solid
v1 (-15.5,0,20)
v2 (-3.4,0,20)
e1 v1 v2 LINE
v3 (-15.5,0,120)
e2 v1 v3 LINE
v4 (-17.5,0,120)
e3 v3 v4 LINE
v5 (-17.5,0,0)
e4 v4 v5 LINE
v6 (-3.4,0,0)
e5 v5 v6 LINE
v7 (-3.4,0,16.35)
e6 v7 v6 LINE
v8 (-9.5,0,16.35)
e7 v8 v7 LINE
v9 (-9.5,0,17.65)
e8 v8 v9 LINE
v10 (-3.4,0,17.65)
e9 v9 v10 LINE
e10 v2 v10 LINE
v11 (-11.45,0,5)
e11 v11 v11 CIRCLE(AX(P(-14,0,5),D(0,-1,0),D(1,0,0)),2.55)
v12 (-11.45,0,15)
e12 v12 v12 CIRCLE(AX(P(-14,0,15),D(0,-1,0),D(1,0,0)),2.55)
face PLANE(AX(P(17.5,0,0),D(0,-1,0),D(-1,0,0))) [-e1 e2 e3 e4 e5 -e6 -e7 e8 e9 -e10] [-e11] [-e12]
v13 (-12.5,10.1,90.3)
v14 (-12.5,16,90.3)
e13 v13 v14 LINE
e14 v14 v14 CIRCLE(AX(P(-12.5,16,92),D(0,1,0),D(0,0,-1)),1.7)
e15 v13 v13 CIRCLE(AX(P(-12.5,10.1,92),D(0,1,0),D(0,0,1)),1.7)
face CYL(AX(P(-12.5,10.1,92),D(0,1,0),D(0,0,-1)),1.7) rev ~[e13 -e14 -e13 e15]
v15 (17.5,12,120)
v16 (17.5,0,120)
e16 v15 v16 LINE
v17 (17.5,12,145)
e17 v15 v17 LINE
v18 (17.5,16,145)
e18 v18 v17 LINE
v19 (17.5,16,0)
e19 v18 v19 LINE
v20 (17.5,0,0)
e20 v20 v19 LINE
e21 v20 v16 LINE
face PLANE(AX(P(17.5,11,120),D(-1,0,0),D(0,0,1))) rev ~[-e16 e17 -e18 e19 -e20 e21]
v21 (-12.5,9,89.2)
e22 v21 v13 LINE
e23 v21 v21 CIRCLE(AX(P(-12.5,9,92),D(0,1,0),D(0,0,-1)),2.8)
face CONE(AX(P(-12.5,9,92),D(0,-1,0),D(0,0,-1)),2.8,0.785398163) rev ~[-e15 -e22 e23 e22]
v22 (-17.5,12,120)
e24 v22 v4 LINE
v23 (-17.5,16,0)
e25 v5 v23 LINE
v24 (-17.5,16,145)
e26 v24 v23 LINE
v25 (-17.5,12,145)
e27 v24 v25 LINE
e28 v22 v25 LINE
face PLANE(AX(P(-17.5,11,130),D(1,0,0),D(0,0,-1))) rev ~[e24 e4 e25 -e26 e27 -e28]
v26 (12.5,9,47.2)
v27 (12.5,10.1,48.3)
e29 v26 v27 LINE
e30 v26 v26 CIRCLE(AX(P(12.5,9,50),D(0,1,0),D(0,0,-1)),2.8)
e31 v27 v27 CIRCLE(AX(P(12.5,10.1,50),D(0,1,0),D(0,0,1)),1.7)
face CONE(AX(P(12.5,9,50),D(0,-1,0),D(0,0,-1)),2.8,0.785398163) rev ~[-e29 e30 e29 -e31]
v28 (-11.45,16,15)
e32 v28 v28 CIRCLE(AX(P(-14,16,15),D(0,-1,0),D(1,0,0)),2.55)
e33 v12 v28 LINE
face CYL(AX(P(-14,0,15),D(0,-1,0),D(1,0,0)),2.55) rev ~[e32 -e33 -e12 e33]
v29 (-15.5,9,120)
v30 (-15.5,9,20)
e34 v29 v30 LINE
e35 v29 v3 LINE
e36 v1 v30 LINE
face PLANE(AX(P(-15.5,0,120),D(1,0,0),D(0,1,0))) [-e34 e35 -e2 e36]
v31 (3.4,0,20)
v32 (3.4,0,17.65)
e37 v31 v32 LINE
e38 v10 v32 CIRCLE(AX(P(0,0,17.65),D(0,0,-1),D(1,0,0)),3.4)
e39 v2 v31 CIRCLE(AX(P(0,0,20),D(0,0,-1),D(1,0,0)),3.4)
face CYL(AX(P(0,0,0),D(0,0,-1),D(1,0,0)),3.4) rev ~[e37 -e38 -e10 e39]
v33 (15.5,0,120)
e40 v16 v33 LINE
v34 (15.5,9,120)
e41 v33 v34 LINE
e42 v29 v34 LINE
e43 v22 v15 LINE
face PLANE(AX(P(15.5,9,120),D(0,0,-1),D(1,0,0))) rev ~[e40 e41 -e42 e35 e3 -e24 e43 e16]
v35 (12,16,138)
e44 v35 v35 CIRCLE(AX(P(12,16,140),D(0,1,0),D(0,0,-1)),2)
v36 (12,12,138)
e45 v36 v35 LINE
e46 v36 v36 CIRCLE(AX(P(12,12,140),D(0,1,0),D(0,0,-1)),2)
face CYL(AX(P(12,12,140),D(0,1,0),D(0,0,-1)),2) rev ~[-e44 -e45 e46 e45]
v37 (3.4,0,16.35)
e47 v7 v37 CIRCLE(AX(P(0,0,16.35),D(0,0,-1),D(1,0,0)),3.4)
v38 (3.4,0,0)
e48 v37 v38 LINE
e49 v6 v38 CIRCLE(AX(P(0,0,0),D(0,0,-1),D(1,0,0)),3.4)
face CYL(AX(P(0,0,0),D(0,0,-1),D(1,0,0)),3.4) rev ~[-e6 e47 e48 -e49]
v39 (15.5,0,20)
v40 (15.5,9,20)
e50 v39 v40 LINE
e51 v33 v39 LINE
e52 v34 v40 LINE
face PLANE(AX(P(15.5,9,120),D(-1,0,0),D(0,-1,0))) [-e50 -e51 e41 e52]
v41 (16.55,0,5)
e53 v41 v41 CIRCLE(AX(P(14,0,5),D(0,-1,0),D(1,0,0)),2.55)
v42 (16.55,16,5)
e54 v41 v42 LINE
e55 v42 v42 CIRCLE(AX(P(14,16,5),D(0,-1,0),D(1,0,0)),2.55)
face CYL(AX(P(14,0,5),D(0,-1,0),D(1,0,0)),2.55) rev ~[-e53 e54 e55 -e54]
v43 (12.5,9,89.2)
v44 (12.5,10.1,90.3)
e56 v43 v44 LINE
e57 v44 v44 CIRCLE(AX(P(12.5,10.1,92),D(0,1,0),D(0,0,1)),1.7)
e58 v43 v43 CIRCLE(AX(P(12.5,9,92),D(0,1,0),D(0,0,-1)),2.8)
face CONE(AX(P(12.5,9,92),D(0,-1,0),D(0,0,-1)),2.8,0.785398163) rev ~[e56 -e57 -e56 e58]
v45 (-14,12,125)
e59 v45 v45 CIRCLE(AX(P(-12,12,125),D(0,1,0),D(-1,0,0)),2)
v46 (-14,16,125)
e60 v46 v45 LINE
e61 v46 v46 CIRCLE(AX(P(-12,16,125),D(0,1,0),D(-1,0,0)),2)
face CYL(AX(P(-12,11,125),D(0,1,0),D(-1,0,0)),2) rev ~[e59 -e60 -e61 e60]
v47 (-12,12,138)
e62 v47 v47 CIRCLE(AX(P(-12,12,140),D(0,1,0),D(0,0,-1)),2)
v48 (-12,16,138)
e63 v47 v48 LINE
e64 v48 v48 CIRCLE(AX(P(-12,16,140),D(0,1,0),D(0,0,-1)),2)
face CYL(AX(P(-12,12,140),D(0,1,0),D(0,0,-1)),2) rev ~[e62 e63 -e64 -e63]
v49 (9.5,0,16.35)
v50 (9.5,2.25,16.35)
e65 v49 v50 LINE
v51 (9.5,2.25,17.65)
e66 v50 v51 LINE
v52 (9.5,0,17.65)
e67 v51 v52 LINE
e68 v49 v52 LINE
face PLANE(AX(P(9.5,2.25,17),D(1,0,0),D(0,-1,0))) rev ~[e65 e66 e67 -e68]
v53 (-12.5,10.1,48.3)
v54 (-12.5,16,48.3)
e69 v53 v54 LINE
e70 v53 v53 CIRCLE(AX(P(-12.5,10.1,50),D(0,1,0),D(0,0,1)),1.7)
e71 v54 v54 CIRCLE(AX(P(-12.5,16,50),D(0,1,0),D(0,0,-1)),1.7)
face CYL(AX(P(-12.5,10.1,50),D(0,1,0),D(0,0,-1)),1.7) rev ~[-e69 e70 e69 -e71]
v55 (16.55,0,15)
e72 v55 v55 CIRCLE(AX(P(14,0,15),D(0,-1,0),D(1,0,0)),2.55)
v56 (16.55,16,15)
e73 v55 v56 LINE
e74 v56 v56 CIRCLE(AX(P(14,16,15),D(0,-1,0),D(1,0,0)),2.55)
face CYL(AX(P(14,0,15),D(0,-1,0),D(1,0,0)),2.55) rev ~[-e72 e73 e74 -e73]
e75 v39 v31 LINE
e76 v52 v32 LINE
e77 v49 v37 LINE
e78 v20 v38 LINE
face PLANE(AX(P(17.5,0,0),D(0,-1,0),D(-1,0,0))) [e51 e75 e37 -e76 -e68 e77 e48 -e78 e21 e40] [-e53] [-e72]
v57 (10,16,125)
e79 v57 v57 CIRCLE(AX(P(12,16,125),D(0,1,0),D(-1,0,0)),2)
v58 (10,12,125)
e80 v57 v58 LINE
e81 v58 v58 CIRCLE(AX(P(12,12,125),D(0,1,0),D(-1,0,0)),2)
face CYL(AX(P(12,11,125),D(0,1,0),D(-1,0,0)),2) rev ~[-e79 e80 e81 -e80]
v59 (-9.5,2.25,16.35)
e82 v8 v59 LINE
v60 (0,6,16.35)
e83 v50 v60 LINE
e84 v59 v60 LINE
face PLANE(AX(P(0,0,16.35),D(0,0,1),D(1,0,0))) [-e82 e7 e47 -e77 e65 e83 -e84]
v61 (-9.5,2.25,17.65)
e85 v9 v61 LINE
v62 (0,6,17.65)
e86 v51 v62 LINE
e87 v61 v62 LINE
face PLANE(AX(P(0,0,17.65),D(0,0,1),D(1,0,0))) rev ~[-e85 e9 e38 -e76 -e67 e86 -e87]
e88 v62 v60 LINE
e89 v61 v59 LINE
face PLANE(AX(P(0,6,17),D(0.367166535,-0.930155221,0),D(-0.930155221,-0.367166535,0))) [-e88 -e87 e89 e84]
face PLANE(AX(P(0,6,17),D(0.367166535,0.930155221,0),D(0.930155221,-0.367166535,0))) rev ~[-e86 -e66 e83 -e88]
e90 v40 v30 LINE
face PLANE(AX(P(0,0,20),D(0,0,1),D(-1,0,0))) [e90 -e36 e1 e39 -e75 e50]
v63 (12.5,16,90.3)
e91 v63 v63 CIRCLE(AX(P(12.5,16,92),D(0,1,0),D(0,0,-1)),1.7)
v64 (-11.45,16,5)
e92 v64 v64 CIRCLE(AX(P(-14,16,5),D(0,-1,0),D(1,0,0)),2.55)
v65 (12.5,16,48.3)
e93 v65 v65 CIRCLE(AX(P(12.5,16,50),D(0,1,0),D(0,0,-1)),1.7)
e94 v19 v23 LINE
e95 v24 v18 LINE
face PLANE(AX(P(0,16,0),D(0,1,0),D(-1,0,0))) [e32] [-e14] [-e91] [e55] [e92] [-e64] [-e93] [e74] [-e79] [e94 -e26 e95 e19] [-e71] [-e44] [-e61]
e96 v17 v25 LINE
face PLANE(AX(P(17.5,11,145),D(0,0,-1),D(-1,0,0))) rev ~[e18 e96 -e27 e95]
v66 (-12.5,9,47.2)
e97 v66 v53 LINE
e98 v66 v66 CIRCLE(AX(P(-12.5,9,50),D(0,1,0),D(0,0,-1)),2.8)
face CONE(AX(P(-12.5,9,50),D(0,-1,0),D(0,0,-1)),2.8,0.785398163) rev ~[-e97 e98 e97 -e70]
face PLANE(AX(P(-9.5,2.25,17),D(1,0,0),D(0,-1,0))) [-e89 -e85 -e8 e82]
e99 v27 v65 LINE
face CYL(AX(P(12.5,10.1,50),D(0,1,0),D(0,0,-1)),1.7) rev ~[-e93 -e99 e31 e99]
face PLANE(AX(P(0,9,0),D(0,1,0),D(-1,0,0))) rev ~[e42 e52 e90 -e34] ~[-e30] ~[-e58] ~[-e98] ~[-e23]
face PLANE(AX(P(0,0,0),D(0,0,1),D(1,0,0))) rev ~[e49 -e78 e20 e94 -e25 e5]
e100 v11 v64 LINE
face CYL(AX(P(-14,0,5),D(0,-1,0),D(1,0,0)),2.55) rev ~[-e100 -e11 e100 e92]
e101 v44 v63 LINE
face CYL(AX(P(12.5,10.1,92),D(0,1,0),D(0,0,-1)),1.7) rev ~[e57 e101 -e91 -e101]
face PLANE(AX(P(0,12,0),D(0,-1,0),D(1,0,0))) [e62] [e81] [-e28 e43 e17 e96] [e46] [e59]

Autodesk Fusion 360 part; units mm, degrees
sketch "スケッチ1" plane through (0, 0, 0) normal (0, 0, 1) x (1, 0, 0)
  line L0 (-17.5, 11) -> (17.5, 11)
  line L1 (17.5, 11) -> (17.5, 0)
  line L2 (17.5, 0) -> (-17.5, 0)
  line L3 (-17.5, 0) -> (-17.5, 11)
  dimension "d1" = 35
  dimension "d2" = 11
extrude "押し出し1" add sketch "スケッチ1" along normal blind 120
sketch "スケッチ2" plane through (0, 0, 0) normal (0, 0, -1) x (1, 0, 0)
  line L0 (17.5, 0) -> (-17.5, 0)
  line L1 (-17.5, 0) -> (-17.5, -11)
  line L2 (-17.5, -11) -> (17.5, -11)
  line L3 (17.5, -11) -> (17.5, 0)
  circle A0 centre (0, 0) radius 3.4
  dimension "d5" = 6.8
extrude "押し出し2" cut sketch "スケッチ2" against normal blind 20 contours L0 A0 picked at (0.8532, -1.8586)
sketch "スケッチ3" plane through (0, 0, 120) normal (0, 0, 1) x (-1, 0, 0)
  line L0 (17.5, 0) -> (-17.5, 0)
  line L1 (-17.5, 0) -> (-17.5, -11)
  line L2 (-17.5, -11) -> (17.5, -11)
  line L3 (17.5, -11) -> (17.5, 0)
  line L4 (15.5, -9) -> (-15.5, -9)
  line L5 (-15.5, -9) -> (-15.5, 0)
  line L6 (-15.5, 0) -> (15.5, 0)
  line L7 (15.5, 0) -> (15.5, -9)
  dimension "d8" = 2
  dimension "d9" = 31
extrude "押し出し3" cut sketch "スケッチ3" against normal blind 100 contours L0 L4 L5 L6 L7
ref_plane "作業平面1" through (0, 5.5, 9) normal (0, 0, -1) x (-1, 0, 0)
sketch "スケッチ5" plane through (0, 11, 0) normal (0, 1, 0) x (-1, 0, 0)
  line L0 (-17.5, 0) -> (17.5, 0)
  line L1 (17.5, 0) -> (17.5, 120)
  line L2 (17.5, 120) -> (-17.5, 120)
  line L3 (-17.5, 120) -> (-17.5, 0)
  line L4 (-17.5, 130) -> (17.5, 130)
  line L5 (17.5, 130) -> (17.5, 120)
  line L6 (17.5, 120) -> (-17.5, 120)
  line L7 (-17.5, 120) -> (-17.5, 130)
  line L8 (-17.5, 125) -> (17.5, 125) construction
  circle A0 centre (12, 125) radius 2
  circle A1 centre (-12, 125) radius 2
  dimension "d16" = 4
  dimension "d17" = 4
  dimension "d18" = 24
  dimension "d19" = 10
  dimension "d20" = 5.5
extrude "押し出し5" add sketch "スケッチ5" against normal blind 2 contours L2 L4 L5 L6 L7
sketch "スケッチ8" plane through (0, 0, 0) normal (0, -1, 0) x (1, 0, 0)
  line L0 (-3.4, 20) -> (-15.5, 20)
  line L1 (-15.5, 20) -> (-15.5, 120)
  line L2 (-15.5, 120) -> (-17.5, 120)
  line L3 (-17.5, 120) -> (-17.5, 0)
  line L4 (-17.5, 0) -> (-3.4, 0)
  line L5 (-3.4, 0) -> (-3.4, 20)
  circle A0 centre (-14, 15) radius 2.55
  line L6 (18.5, 15) -> (-17.5, 15) construction
  line L7 (17.541, 5) -> (-17.5, 5) construction
  line L8 (15.5, 20) -> (3.4, 20) construction
  circle A1 centre (14, 15) radius 2.55
  circle A2 centre (14, 5) radius 2.55
  circle A3 centre (-14, 5) radius 2.55
  line L9 (17.5, 0) -> (17.5, 120)
  dimension "d30" = 5
  dimension "d31" = 10
  dimension "d32" = 5.1
  dimension "d33" = 5.1
  dimension "d34" = 5.1
  dimension "d35" = 5.1
  dimension "d36" = 3.5
  dimension "d37" = 3.5
  dimension "d38" = 3.5
  dimension "d39" = 3.5
extrude "押し出し8" cut sketch "スケッチ8" against normal blind 15 contours A0 | A1 | A2 | A3
move_face "OffsetFaces1" offset 3 1 faces at (-3.8517, 11, 52.6741)
sketch "Sketch9" plane through (0, 9, 0) normal (0, -1, 0) x (1, 0, 0)
  circle A0 centre (12, 125) radius 2
  circle A1 centre (-12, 125) radius 2
  line L0 (-15.5, 120) -> (-15.5, 20)
  line L1 (-15.5, 20) -> (15.5, 20)
  line L2 (15.5, 20) -> (15.5, 120)
  line L3 (15.5, 120) -> (17.5, 120)
  line L4 (17.5, 120) -> (17.5, 130)
  line L5 (17.5, 130) -> (-17.5, 130)
  line L6 (-17.5, 130) -> (-17.5, 120)
  line L7 (-17.5, 120) -> (-15.5, 120)
  point P0 (12.5, 50)
  point P1 (-12.5, 50)
  point P2 (-12.5, 92)
  point P3 (12.5, 92)
hole "Hole1" at (-12.5, 9, 92) at (12.5, 9, 92) at (12.5, 9, 50) at (-12.5, 9, 50) direction (0, 1, 0) diameter 3.4 depth 9 tip angle 118 countersink diameter 5.6 countersink angle 90
ref_plane "WorkPlane2" through (0, 0, 17) normal (0, 0, 1) x (1, 0, 0)
sketch "Sketch10" plane through (0, 0, 17) normal (0, 0, 1) x (1, 0, 0)
  line L0 (0, 6) -> (9.5, 2.25)
  line L1 (9.5, 2.25) -> (9.5, 0)
  line L2 (0, 6) -> (-9.5, 2.25)
  line L3 (-9.5, 2.25) -> (-9.5, 0)
  line L4 (-9.5, 0) -> (9.5, 0)
extrude "Extrude9" cut sketch "Sketch10" along normal blind 0.65 and the other way blind 0.65
sketch "Sketch11" plane through (0, 9, 0) normal (0, -1, 0) x (1, 0, 0)
  circle A0 centre (12.5, 50) radius 2.8
  circle A1 centre (-12.5, 92) radius 2.8
  circle A2 centre (12.5, 92) radius 2.8
  circle A3 centre (-12.5, 50) radius 2.8
  circle A4 centre (-12, 125) radius 2
  circle A5 centre (12, 125) radius 2
  line L0 (-15.5, 120) -> (-15.5, 20)
  line L1 (-15.5, 20) -> (15.5, 20)
  line L2 (15.5, 20) -> (15.5, 120)
  line L3 (15.5, 120) -> (17.5, 120)
  line L4 (17.5, 120) -> (17.5, 130)
  line L5 (17.5, 130) -> (-17.5, 130)
  line L6 (-17.5, 130) -> (-17.5, 120)
  line L7 (-17.5, 120) -> (-15.5, 120)
  line L8 (-17.5, 130) -> (17.5, 130)
  line L9 (17.5, 130) -> (17.5, 120)
  line L10 (17.5, 120) -> (-17.5, 120)
  line L11 (-17.5, 120) -> (-17.5, 130)
extrude "Extrude10" cut sketch "Sketch11" against normal blind 3 contours L3 L4 L5 L6 L7 L8 L9 L10 L11
move_face "OffsetFaces2" offset 2 1 faces at (-3.9094, 14, 64.5049)
move_face "OffsetFaces3" offset 15 1 faces at (5.8333, 13.3333, 130)
sketch "Sketch12" plane through (0, 12, 0) normal (0, -1, 0) x (1, 0, 0)
  circle A0 centre (12, 125) radius 2
  circle A1 centre (-12, 125) radius 2
  line L0 (-17.5, 120) -> (17.5, 120)
  line L1 (17.5, 120) -> (17.5, 145)
  line L2 (17.5, 145) -> (-17.5, 145)
  line L3 (-17.5, 145) -> (-17.5, 120)
  point P0 (-12, 140)
  point P1 (12, 140)
hole "Hole2" at (-12, 12, 140) at (12, 12, 140) direction (0, 1, 0) diameter 4 depth 5 tip angle 118
